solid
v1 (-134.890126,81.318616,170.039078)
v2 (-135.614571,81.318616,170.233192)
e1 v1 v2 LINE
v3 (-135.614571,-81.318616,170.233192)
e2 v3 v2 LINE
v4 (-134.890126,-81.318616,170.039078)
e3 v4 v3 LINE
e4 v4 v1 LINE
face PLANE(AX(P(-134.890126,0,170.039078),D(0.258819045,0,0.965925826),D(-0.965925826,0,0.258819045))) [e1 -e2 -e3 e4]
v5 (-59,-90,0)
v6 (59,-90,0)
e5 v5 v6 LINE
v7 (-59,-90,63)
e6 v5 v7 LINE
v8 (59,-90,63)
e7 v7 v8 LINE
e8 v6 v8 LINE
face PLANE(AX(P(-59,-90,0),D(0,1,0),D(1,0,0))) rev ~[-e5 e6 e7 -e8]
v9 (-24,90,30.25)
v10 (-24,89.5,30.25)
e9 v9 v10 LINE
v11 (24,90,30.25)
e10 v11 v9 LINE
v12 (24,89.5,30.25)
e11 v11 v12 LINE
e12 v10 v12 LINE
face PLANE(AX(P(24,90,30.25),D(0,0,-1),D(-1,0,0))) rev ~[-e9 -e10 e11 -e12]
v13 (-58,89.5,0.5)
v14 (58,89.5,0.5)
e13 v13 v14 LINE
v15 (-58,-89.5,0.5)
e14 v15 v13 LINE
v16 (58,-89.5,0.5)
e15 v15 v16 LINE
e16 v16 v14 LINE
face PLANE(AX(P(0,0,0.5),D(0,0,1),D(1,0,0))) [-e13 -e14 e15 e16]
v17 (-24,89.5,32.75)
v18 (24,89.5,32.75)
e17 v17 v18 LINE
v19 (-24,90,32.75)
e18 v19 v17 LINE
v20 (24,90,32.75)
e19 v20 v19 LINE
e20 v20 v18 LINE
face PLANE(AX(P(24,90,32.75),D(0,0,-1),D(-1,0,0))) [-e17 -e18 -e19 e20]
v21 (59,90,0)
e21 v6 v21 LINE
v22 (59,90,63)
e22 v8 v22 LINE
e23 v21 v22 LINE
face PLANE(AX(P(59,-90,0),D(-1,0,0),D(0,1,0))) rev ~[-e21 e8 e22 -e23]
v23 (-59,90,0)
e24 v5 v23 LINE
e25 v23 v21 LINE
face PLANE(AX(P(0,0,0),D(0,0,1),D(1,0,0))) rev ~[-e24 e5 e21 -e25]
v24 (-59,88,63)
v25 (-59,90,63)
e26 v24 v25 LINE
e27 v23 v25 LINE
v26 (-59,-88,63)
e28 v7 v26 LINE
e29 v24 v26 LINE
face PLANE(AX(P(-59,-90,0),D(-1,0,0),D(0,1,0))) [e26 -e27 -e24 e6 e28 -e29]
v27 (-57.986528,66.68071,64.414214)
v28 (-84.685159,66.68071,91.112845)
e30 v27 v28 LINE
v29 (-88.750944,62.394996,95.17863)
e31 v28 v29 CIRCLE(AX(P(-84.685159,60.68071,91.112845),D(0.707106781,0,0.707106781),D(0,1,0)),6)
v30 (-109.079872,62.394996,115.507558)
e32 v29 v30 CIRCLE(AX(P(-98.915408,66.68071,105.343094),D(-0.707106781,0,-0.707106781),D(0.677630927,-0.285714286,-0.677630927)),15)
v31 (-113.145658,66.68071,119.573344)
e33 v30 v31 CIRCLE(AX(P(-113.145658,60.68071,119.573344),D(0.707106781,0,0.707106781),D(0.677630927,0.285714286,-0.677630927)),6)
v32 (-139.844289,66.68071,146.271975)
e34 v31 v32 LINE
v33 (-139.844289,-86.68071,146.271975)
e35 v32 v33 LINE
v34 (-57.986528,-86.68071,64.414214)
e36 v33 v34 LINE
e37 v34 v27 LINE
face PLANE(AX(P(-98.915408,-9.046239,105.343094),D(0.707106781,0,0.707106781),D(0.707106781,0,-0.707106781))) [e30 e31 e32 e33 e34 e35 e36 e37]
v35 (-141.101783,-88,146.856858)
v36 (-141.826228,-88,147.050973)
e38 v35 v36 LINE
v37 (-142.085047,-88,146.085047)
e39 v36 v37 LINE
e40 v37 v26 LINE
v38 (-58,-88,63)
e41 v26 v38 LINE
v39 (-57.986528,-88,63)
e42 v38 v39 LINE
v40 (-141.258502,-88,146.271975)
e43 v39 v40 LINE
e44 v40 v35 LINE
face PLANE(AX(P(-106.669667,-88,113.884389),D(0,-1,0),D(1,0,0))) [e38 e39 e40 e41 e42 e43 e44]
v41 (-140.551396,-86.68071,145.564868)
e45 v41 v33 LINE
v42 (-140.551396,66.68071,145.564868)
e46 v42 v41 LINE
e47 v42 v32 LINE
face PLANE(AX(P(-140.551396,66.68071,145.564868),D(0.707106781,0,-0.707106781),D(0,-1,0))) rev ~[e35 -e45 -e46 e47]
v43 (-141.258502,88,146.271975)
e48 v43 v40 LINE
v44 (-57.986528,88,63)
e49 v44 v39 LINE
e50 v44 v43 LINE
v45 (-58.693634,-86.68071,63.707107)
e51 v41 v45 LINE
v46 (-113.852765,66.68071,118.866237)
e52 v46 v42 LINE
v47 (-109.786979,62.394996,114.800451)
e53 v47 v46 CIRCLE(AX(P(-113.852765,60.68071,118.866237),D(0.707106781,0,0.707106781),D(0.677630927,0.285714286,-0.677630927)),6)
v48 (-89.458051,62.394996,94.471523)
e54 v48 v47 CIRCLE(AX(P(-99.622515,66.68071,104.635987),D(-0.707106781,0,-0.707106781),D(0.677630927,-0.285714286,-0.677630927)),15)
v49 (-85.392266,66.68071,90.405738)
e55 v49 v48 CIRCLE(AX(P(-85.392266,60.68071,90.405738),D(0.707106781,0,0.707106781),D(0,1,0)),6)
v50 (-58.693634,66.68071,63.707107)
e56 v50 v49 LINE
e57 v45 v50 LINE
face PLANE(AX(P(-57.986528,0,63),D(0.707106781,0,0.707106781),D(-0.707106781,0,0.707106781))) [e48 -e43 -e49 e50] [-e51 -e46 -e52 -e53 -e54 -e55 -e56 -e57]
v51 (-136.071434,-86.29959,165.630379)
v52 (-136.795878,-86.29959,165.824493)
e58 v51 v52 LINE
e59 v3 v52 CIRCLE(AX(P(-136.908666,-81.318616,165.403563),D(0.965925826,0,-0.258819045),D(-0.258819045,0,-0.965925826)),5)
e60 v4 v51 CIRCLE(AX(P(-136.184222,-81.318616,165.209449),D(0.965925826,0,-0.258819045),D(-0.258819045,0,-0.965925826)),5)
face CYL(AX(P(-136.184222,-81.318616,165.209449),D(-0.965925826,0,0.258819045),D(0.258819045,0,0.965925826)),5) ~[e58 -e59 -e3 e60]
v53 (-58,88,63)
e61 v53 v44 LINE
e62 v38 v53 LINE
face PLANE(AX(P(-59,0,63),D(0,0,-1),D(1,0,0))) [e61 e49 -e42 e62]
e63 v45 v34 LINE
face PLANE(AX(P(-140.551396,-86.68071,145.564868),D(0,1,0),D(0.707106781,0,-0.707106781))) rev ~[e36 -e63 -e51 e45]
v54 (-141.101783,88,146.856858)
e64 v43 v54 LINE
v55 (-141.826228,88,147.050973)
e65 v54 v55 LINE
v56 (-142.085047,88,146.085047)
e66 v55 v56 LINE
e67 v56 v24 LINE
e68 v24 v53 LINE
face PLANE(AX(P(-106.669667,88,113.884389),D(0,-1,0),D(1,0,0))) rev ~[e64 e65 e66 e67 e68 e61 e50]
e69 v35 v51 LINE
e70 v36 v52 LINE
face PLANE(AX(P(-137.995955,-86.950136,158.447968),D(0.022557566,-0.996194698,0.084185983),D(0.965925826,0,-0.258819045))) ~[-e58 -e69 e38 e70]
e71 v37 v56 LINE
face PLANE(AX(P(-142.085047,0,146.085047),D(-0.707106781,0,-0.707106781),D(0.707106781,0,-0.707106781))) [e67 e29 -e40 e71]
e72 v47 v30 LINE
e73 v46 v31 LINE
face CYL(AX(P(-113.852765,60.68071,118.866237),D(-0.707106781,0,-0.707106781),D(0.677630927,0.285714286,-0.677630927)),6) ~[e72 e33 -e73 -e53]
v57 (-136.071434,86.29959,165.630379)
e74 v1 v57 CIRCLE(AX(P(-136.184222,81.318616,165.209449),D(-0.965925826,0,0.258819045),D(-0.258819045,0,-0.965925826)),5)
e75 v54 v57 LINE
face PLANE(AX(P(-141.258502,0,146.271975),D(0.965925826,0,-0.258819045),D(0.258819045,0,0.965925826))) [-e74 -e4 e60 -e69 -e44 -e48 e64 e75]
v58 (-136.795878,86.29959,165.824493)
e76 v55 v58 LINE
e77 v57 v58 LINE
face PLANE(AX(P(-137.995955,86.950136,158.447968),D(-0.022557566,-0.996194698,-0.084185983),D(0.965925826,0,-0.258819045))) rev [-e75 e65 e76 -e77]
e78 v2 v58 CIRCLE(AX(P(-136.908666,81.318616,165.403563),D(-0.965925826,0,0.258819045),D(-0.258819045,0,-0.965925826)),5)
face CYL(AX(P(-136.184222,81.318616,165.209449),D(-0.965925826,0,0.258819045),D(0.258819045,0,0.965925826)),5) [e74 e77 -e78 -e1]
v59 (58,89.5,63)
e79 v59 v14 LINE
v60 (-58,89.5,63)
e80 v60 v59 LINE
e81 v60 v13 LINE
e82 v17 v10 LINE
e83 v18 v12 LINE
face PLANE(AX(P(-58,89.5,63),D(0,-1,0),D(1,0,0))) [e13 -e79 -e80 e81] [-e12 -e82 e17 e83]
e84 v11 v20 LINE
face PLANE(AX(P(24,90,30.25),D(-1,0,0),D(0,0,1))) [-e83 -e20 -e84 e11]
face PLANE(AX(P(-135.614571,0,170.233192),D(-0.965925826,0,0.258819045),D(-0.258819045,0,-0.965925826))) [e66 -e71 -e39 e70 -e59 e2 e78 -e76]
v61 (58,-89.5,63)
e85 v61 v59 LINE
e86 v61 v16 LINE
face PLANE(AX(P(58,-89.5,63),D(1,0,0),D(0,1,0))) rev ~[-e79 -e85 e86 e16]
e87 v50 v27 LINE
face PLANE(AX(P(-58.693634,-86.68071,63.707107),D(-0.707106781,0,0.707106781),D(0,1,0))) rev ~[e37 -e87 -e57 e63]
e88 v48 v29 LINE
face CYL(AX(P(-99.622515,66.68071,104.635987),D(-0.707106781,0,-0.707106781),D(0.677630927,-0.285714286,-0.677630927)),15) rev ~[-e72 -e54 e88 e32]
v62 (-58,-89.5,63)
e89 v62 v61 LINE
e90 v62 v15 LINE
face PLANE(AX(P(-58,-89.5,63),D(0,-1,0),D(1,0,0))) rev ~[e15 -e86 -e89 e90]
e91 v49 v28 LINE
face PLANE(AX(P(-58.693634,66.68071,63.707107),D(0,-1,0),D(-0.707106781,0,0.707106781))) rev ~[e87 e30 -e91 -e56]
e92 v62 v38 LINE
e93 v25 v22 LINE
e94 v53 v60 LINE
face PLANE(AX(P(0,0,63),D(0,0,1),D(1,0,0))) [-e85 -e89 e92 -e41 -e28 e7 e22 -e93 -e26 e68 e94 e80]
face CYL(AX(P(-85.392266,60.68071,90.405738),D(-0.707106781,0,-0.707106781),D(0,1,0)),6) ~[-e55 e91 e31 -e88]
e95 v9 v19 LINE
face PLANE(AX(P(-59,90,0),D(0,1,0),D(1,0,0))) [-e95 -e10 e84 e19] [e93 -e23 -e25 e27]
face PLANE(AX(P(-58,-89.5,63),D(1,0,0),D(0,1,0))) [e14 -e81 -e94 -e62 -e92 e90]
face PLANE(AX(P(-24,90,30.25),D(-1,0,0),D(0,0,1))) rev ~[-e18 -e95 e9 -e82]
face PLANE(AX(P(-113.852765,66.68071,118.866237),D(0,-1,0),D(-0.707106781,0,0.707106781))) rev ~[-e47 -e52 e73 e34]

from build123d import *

# Parameters (mm, degrees)
F0_W          = 118
F0_H          = 180
F1_DEPTH      = 63
F2_W          = 116
F2_H          = 179
F3_DEPTH      = 62.5
F5_DEPTH      = 88
F5_DEPTH_BACK = 88
F6_SIZE2      = 2.0997279246
F6_SIZE       = 24
F6_2_SIZE2    = 2.0997279246
F6_2_SIZE     = 24
F7_R          = 5
F8_W          = 48
F8_H          = 2.5
F9_DEPTH      = 2
F11_DEPTH     = 1


with BuildPart() as f1:
    # F0 (on Top) → F1 (new body)
    with BuildSketch(Plane.XY):
        Rectangle(F0_W, F0_H)
    extrude(amount=F1_DEPTH)

    # F2 (on face) → F3 (cut)
    with BuildSketch(Plane.XY.offset(63)):
        Rectangle(F2_W, F2_H)
    extrude(amount=-F3_DEPTH, mode=Mode.SUBTRACT)

    # F4 (on Front) → F5 (join, two sides)
    with BuildSketch(Plane.XZ) as f5_sk:
        Polygon((-142.0850467894, 146.0850467894), (-59, 63), (-57.9865276814, 63), (-141.2585024524, 146.271974771), (-134.8901262921, 170.0390781628), (-135.6145706619, 170.2331924466), align=None)
    extrude(amount=F5_DEPTH)
    extrude(f5_sk.sketch, amount=-F5_DEPTH_BACK)

    # F6
    f6_edges = [f1.edges().sort_by_distance(p)[0] for p in [
        (-135.252348, -88, 170.136135),
    ]]
    f6_side = f1.faces().sort_by_distance((-100.446161, -88, 104.638886))[0]
    chamfer(f6_edges, length=F6_SIZE, length2=F6_SIZE2, reference=f6_side)

    # F6#2
    f6_2_edges = [f1.edges().sort_by_distance(p)[0] for p in [
        (-135.252348, 88, 170.136135),
    ]]
    f6_2_side = f1.faces().sort_by_distance((-100.446161, 88, 104.638886))[0]
    chamfer(f6_2_edges, length=F6_2_SIZE, length2=F6_2_SIZE2, reference=f6_2_side)

    # F7
    f7_edges = [f1.edges().sort_by_distance(p)[0] for p in [
        (-135.252348, 85.900272, 170.136135),
        (-135.252348, -85.900272, 170.136135),
    ]]
    fillet(f7_edges, radius=F7_R)

    # F8 (on face) → F9 (cut)
    with BuildSketch(Plane(origin=(0, 90, 0), x_dir=(-1, 0, 0), z_dir=(0, 1, 0))):
        with Locations((0, 31.5)):
            Rectangle(F8_W, F8_H)
    extrude(amount=-F9_DEPTH, mode=Mode.SUBTRACT)

    # F10 (on face) → F11 (join)
    with BuildSketch(Plane(origin=(2.5067361593, 0, 2.5067361593), x_dir=(0.7071067812, 0, -0.7071067812), z_dir=(0.7071067812, 0, 0.7071067812))):
        with BuildLine():
            Line((-202.3147502425, -86.6807101745), (-86.5503941557, -86.6807101745))
            Line((-86.5503941557, -86.6807101745), (-86.5503941557, 66.6807101745))
            Line((-86.5503941557, 66.6807101745), (-124.3079604016, 66.6807101745))
            ThreePointArc((-124.3079604016, 66.6807101745), (-127.8936462296, 65.4914125289), (-130.0578494866, 62.3949958888))
            ThreePointArc((-130.0578494866, 62.3949958888), (-144.4325721991, 51.6807101745), (-158.8072949116, 62.3949958888))
            ThreePointArc((-158.8072949116, 62.3949958888), (-160.9714981686, 65.4914125289), (-164.5571839966, 66.6807101745))
            Line((-164.5571839966, 66.6807101745), (-202.3147502425, 66.6807101745))
            Line((-202.3147502425, 66.6807101745), (-202.3147502425, -86.6807101745))
        make_face()
    extrude(amount=F11_DEPTH)


solid = f1.part
